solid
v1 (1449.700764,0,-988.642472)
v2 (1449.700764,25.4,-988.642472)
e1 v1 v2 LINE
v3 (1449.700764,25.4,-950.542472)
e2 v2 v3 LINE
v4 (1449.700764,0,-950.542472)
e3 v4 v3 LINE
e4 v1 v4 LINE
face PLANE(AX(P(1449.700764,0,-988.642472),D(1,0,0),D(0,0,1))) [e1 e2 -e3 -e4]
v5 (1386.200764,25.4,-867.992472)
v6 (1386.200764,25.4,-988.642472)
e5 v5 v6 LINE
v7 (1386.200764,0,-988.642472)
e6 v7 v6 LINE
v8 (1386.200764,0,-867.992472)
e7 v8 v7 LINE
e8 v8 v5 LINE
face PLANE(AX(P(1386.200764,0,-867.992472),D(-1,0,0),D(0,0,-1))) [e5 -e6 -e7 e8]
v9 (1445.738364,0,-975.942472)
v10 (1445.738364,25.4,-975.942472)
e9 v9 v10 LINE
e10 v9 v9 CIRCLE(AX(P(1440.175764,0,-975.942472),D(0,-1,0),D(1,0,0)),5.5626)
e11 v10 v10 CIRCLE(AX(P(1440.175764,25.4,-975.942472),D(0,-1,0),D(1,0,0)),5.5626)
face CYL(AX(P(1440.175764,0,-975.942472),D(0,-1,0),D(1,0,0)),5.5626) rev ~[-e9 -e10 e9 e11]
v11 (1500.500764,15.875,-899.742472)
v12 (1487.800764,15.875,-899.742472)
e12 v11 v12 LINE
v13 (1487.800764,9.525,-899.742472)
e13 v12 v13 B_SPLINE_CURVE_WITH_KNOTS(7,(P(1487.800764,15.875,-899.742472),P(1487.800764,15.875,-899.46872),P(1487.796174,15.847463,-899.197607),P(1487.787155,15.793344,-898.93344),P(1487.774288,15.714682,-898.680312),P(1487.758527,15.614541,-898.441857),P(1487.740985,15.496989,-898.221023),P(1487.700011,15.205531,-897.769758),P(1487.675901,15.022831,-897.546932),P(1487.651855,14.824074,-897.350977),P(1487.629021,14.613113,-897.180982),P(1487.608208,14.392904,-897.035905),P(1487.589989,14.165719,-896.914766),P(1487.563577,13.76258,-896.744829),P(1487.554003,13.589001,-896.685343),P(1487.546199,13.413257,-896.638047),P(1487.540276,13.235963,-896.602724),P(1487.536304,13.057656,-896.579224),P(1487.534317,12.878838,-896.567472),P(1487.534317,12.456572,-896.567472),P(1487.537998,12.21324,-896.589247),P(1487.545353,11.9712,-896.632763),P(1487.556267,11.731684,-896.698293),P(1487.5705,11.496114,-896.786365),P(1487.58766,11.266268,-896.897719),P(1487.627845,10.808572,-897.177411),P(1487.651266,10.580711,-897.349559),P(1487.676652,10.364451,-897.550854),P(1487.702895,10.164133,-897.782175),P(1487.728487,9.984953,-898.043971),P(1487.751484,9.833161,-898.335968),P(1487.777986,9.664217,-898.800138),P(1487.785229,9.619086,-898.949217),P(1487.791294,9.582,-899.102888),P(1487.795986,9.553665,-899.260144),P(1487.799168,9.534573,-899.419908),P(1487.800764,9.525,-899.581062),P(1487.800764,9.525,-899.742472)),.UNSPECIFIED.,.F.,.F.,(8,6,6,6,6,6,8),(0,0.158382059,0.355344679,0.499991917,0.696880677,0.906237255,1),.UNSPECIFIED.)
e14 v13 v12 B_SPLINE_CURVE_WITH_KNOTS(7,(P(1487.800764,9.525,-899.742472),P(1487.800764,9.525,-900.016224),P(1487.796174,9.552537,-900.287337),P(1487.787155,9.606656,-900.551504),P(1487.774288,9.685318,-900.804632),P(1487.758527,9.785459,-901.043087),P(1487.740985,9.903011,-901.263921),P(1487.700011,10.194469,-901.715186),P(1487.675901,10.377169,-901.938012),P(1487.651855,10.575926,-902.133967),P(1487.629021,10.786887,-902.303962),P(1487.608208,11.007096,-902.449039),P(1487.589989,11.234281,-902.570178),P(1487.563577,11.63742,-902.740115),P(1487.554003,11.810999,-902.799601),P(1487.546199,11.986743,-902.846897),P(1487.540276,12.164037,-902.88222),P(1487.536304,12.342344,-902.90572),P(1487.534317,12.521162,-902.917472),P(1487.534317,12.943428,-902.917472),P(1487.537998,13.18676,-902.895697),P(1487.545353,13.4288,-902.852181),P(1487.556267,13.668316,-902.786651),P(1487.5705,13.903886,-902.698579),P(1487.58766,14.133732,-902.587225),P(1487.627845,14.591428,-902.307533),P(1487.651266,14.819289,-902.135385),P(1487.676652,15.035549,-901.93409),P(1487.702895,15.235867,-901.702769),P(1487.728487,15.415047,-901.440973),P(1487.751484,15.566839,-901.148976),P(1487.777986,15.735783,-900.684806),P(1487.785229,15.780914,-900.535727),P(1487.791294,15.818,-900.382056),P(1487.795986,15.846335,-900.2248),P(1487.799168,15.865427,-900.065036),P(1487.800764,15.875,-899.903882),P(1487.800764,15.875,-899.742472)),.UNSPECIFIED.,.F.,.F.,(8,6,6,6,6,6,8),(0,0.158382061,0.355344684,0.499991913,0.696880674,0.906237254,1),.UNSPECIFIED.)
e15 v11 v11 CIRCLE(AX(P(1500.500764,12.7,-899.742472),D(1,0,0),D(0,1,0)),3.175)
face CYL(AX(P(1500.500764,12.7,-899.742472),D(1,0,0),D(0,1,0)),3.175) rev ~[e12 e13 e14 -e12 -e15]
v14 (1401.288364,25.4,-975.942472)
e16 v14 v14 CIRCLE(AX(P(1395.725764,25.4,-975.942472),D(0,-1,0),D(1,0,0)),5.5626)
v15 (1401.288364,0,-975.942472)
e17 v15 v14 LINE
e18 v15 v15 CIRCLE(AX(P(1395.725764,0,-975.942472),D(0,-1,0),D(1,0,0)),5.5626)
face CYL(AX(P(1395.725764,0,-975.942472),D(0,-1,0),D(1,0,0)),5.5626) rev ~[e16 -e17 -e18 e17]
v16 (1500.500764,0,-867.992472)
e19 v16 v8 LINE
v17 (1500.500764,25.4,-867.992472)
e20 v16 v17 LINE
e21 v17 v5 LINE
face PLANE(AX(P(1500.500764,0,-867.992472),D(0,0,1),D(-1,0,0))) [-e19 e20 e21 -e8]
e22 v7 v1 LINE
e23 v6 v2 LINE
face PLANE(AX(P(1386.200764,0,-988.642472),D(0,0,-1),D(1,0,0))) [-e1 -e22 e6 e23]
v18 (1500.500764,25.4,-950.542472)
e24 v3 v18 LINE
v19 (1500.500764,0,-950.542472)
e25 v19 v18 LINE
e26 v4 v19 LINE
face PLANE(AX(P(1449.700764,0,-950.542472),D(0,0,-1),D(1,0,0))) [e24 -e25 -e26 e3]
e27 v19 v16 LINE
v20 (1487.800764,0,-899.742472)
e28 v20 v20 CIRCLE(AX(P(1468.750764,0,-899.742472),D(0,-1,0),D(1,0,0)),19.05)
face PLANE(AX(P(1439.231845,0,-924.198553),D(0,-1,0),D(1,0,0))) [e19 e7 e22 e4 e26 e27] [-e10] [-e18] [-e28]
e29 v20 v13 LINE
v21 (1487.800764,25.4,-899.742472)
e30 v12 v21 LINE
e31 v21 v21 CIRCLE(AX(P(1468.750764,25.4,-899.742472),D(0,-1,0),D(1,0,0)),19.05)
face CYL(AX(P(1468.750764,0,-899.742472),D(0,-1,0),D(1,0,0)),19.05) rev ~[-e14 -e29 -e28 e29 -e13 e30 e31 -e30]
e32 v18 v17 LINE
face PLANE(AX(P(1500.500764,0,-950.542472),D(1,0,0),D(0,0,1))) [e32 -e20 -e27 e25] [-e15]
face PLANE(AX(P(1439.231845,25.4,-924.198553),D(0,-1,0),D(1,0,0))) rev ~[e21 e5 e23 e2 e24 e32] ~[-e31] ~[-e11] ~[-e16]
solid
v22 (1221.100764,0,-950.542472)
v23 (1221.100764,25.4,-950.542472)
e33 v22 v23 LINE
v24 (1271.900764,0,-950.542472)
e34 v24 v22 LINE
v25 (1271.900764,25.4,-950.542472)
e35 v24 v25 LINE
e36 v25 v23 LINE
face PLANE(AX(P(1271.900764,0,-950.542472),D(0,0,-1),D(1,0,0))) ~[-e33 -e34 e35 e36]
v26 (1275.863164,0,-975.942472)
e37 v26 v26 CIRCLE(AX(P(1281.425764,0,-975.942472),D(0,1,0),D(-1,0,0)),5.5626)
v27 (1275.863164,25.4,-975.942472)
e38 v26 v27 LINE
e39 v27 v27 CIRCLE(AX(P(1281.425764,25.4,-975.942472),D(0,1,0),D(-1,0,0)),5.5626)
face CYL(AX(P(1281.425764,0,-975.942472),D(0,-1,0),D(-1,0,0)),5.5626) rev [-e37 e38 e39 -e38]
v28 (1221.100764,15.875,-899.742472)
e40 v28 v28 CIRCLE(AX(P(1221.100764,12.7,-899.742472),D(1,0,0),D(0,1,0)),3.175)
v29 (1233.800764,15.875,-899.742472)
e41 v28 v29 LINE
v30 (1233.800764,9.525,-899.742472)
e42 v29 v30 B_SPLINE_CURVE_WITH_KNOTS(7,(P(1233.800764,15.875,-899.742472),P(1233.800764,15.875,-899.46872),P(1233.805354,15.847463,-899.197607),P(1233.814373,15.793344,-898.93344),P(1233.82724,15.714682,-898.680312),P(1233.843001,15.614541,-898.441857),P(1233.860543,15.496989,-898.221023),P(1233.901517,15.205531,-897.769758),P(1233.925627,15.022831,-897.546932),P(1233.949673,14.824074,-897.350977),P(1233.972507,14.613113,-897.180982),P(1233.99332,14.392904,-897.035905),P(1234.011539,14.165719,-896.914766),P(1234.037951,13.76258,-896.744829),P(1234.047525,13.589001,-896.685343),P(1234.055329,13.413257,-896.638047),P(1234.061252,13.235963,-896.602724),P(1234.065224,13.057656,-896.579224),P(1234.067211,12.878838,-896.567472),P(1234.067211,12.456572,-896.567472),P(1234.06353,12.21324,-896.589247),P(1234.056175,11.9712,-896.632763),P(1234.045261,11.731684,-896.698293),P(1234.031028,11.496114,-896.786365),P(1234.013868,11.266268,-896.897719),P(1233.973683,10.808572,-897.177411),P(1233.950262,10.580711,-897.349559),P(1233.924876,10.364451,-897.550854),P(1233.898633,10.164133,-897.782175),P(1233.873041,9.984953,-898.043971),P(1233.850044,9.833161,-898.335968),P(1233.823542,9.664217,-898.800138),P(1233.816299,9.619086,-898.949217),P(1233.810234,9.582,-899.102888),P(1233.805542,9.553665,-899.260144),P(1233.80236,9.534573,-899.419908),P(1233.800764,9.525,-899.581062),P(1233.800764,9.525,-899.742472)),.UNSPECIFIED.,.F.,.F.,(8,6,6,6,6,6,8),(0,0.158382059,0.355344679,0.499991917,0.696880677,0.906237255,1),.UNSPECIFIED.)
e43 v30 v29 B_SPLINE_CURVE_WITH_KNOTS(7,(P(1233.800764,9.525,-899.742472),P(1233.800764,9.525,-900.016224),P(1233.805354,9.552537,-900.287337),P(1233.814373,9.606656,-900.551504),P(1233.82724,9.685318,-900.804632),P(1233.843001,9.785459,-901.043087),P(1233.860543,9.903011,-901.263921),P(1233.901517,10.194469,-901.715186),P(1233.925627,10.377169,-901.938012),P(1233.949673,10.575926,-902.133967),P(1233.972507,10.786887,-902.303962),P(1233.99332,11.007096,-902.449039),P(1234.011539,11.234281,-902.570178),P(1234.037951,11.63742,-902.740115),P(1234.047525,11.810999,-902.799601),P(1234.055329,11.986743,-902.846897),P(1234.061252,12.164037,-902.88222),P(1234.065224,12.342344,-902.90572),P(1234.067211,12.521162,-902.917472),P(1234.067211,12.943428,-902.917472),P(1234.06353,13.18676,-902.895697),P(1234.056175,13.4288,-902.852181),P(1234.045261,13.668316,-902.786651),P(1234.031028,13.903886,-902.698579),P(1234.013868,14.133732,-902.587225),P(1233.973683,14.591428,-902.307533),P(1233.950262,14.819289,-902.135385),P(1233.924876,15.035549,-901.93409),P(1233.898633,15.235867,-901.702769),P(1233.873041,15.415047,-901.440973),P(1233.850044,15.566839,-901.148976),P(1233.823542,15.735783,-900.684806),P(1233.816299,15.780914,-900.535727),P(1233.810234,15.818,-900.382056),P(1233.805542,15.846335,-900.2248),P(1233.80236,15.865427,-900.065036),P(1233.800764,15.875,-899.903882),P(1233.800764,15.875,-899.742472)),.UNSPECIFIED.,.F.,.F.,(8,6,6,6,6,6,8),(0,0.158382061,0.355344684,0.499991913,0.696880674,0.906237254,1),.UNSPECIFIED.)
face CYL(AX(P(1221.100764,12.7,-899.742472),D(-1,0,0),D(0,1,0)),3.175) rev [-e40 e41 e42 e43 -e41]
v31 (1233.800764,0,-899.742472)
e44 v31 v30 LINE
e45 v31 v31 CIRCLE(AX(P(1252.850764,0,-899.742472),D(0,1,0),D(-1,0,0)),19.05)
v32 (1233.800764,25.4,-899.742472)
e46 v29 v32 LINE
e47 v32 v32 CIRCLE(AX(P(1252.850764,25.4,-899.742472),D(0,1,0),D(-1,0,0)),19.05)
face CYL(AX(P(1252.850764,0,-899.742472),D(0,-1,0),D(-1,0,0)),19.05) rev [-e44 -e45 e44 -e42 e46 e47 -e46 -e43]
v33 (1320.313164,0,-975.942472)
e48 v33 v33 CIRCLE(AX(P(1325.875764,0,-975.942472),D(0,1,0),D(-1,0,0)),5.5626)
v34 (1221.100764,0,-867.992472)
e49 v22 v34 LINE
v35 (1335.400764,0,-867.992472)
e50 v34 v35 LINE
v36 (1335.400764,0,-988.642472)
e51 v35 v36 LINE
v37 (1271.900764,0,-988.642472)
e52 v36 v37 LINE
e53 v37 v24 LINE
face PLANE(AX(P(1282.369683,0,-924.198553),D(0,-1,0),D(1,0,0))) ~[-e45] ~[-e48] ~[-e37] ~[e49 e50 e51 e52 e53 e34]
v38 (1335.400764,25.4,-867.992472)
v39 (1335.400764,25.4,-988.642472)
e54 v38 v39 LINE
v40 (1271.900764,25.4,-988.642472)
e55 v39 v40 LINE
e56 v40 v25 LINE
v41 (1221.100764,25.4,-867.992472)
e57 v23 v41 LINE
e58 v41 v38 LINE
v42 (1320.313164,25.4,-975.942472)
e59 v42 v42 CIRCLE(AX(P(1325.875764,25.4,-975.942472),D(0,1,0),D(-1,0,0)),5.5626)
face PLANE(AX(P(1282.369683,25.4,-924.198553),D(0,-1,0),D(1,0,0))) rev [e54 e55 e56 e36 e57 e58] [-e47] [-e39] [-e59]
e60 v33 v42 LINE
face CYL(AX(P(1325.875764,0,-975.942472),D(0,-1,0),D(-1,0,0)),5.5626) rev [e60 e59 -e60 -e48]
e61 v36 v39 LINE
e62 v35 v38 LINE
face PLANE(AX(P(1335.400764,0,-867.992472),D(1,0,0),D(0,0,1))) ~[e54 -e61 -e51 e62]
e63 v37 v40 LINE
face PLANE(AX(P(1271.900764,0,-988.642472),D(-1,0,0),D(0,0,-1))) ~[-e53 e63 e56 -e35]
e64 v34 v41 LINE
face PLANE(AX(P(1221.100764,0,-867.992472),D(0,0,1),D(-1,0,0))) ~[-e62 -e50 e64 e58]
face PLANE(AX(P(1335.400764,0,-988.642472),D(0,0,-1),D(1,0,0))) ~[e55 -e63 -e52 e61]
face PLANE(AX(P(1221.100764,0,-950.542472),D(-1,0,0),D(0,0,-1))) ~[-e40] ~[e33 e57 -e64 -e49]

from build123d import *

# Parameters (mm, degrees)
F0_R     = 5.5626
F0_R_2   = 19.05
F1_DEPTH = 25.4
F2_R     = 3.175
F3_DEPTH = 25.4


with BuildPart() as f1:
    # F0 (on Front) → F1 (new body)
    with BuildSketch(Plane.XZ):
        Polygon((1449.700764, -867.992472), (1386.200764, -867.992472), (1386.200764, -988.642472), (1449.700764, -988.642472), (1449.700764, -950.542472), (1500.500764, -950.542472), (1500.500764, -867.992472), align=None)
        with Locations((1395.725764, -975.942472)):
            Circle(F0_R, mode=Mode.SUBTRACT)
        with Locations((1440.175764, -975.942472)):
            Circle(F0_R, mode=Mode.SUBTRACT)
        with Locations((1468.750764, -899.742472)):
            Circle(F0_R_2, mode=Mode.SUBTRACT)
    extrude(amount=-F1_DEPTH)

    # F2 (on face) → F3 (cut)
    with BuildSketch(Plane.YZ.offset(1500.500764)):
        with Locations((12.7, -899.742472)):
            Circle(F2_R)
    extrude(amount=-F3_DEPTH, mode=Mode.SUBTRACT)


with BuildPart() as f5_1:
    # F5: instance of F1
    add(f1.part.mirror(Plane(origin=(1360.800764, 12.7, -928.317472), x_dir=(0, -1, 0), z_dir=(-1, 0, 0))))


solid = Compound([f1.part, f5_1.part])
